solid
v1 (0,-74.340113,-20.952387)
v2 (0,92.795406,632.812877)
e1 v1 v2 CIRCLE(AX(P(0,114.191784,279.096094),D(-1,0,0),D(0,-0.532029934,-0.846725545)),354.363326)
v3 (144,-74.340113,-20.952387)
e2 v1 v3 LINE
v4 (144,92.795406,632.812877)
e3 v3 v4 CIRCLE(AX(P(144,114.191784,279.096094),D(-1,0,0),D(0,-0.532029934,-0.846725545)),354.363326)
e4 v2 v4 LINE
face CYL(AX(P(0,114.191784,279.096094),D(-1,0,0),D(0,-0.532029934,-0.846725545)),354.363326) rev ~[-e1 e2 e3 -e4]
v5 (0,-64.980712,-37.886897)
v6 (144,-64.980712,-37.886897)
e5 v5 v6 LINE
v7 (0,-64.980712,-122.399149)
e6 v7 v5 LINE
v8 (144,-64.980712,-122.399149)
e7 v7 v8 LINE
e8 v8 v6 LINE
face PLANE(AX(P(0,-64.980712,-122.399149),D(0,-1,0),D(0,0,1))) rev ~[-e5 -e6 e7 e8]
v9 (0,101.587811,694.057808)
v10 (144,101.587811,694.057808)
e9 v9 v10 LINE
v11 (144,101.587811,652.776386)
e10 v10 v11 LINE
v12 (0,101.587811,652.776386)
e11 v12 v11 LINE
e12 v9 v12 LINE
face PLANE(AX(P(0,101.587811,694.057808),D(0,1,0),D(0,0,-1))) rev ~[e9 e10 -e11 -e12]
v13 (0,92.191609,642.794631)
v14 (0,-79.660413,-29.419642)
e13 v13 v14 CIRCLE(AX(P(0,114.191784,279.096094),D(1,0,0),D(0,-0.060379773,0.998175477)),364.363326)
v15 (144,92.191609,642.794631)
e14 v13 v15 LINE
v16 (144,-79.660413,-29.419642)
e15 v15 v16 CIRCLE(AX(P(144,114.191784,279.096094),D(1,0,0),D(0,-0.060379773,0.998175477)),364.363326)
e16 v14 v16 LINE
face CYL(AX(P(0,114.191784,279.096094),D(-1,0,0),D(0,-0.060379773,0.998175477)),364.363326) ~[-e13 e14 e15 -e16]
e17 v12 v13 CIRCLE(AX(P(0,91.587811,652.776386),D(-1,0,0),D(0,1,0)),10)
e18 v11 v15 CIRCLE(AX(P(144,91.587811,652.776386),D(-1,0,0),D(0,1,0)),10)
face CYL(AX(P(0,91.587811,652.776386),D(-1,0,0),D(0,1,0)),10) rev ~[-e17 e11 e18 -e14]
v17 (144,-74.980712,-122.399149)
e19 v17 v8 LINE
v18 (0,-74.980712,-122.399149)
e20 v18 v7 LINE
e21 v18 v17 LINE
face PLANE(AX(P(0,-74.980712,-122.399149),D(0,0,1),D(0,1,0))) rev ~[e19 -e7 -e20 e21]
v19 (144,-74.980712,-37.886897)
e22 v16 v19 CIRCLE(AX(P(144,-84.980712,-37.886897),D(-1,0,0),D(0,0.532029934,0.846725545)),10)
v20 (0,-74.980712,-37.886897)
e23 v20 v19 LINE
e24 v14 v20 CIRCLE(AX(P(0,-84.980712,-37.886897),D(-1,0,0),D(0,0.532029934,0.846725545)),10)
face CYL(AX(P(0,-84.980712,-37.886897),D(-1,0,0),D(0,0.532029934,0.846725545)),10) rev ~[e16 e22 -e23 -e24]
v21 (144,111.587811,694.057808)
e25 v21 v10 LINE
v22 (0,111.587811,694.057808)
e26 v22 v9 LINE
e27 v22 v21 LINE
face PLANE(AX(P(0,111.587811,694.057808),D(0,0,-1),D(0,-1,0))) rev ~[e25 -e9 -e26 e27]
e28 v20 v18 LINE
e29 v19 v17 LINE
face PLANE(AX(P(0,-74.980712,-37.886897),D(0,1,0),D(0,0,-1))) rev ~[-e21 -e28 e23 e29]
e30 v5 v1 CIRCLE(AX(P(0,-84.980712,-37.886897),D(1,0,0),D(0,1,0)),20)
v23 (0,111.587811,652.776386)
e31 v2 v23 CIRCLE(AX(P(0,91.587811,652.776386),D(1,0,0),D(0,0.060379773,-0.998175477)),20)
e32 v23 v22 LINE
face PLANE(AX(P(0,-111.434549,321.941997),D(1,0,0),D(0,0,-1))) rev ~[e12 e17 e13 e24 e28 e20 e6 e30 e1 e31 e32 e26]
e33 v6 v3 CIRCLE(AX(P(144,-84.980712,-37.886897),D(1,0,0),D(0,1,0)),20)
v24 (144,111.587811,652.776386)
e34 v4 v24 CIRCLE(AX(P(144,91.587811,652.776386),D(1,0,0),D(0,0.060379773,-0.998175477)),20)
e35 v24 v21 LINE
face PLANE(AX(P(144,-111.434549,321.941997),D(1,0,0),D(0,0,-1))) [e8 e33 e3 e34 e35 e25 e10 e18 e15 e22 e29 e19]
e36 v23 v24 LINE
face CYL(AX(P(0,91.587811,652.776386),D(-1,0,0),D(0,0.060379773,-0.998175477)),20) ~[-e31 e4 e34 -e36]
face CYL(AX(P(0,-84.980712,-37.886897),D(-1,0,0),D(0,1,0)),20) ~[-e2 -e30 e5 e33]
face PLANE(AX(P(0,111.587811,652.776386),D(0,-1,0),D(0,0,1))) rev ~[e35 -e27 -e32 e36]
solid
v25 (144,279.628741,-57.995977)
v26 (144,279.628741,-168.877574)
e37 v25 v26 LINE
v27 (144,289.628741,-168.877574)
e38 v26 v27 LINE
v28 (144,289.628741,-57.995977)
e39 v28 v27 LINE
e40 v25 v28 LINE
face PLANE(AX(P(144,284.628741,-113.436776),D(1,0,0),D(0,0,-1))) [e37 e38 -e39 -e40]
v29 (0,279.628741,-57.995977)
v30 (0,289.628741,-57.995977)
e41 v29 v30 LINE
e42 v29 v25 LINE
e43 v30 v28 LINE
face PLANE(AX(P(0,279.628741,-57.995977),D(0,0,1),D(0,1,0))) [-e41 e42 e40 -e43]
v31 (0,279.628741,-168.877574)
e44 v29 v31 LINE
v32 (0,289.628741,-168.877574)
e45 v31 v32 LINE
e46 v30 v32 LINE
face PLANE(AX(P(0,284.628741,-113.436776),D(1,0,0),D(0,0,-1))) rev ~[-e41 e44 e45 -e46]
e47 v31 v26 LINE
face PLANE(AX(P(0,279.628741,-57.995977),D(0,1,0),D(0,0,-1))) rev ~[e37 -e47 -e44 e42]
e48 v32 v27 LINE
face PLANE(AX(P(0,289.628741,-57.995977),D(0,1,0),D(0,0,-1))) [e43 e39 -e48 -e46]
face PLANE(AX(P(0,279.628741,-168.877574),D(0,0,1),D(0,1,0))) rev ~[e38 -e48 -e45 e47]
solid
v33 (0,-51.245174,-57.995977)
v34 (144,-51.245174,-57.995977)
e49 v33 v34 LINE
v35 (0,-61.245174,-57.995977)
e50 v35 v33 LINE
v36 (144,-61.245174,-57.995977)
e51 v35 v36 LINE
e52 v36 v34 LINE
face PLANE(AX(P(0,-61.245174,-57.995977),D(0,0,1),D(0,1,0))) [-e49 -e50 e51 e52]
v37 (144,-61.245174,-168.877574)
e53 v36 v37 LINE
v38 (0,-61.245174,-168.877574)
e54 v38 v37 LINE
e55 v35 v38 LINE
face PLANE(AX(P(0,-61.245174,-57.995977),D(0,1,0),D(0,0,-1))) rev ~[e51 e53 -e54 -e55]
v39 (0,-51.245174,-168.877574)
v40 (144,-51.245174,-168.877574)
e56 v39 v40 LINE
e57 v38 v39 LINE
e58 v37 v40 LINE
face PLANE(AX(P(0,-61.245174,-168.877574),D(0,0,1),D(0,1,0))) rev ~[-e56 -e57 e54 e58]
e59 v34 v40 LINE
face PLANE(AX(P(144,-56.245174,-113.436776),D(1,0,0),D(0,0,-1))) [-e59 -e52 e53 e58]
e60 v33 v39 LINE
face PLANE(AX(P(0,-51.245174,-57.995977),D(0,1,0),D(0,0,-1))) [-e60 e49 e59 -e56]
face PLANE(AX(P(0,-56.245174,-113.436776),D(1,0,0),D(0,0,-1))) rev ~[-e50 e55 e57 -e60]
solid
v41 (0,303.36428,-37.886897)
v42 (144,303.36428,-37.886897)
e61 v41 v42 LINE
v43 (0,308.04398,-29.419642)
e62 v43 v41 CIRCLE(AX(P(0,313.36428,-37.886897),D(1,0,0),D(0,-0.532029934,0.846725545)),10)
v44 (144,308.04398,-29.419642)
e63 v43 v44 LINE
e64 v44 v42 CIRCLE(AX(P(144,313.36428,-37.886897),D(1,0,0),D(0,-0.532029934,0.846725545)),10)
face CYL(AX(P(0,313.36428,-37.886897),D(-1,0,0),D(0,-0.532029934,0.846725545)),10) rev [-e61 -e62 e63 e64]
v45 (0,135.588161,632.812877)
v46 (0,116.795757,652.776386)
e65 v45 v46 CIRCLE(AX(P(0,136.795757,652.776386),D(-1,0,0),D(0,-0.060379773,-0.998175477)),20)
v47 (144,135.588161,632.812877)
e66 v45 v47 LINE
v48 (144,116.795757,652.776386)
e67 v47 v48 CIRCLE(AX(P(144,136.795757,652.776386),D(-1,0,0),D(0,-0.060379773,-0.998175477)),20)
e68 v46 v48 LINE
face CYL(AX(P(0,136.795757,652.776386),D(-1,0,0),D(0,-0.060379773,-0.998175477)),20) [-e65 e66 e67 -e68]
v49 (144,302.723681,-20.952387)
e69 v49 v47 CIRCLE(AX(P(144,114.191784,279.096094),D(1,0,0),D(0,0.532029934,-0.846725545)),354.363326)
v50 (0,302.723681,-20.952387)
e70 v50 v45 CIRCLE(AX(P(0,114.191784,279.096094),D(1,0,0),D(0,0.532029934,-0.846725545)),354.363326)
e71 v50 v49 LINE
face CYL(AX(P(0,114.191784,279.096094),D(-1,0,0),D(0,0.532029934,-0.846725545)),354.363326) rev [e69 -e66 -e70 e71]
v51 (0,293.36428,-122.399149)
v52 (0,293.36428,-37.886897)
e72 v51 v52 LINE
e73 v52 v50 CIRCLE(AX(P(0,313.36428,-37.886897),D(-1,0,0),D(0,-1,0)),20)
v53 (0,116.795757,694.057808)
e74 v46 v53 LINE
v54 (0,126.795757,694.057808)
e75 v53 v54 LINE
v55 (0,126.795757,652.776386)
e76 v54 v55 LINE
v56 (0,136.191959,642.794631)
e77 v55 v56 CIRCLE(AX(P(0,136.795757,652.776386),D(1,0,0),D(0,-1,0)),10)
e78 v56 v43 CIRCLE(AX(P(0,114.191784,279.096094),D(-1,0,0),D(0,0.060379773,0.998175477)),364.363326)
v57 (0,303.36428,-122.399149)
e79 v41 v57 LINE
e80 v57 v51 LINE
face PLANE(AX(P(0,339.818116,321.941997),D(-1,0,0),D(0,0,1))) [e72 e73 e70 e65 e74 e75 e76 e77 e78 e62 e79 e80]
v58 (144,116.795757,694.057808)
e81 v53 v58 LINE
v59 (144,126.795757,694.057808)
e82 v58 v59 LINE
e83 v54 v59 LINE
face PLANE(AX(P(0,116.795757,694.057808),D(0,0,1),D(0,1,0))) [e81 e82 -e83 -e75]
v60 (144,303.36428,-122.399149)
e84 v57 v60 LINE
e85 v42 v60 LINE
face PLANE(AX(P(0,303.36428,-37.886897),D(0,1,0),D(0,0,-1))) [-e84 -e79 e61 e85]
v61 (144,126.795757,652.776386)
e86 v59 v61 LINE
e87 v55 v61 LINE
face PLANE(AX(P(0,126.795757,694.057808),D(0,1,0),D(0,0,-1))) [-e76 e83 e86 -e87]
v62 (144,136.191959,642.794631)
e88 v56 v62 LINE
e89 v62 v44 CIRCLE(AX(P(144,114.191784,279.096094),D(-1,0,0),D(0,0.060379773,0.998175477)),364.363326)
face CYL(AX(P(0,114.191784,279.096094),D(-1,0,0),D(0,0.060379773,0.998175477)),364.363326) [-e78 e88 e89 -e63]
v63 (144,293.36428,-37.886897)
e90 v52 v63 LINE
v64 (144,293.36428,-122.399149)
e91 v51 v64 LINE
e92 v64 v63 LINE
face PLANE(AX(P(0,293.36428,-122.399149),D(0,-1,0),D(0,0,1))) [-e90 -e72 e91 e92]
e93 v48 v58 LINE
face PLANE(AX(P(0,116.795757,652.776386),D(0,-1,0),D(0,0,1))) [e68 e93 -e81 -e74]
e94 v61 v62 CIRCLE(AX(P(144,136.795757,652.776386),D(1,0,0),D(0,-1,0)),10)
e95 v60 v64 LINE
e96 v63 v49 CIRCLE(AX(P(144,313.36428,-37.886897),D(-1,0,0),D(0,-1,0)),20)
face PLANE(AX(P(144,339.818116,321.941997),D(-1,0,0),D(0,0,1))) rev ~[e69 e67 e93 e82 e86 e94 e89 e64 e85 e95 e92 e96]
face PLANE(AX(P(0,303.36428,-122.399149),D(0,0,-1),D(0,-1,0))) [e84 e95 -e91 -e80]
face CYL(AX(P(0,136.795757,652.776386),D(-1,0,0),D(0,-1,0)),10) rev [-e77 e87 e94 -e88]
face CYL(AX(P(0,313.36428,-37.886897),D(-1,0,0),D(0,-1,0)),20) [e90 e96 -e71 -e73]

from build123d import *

# Parameters (mm, degrees)
BOSS_EXTRUDE1_DEPTH   = 144
BOSS_EXTRUDE1_2_DEPTH = 144
SKETCH1_W             = 110.88159645
SKETCH1_H             = 10
BOSS_EXTRUDE1_3_DEPTH = 144
BOSS_EXTRUDE1_4_DEPTH = 144


with BuildPart() as part:
    # Sketch1 → Boss-Extrude1 (new body)
    with BuildSketch(Plane(origin=(0, 0, 0), x_dir=(0, 0, -1), z_dir=(1, 0, 0))):
        with BuildLine():
            Line((122.399148509, -74.980712069), (122.399148509, -64.980712069))
            Line((122.399148509, -64.980712069), (37.886897495, -64.980712069))
            ThreePointArc((37.886897495, -64.980712069), (28.212497607, -67.47625587), (20.952386586, -74.340113388))
            ThreePointArc((20.952386586, -74.340113388), (-366.866488635, -229.129821907), (-632.812876508, 92.795406397))
            ThreePointArc((-632.812876508, 92.795406397), (-639.06784691, 106.150638768), (-652.776386049, 111.587810928))
            Line((-652.776386049, 111.587810928), (-694.05780786, 111.587810928))
            Line((-694.05780786, 111.587810928), (-694.05780786, 101.587810928))
            Line((-694.05780786, 101.587810928), (-652.776386049, 101.587810928))
            ThreePointArc((-652.776386049, 101.587810928), (-645.92211648, 98.869224848), (-642.794631279, 92.191608663))
            ThreePointArc((-642.794631279, 92.191608663), (-369.343336207, -238.818228696), (29.41964204, -79.660412728))
            ThreePointArc((29.41964204, -79.660412728), (33.049697551, -76.228483969), (37.886897495, -74.980712069))
            Line((37.886897495, -74.980712069), (122.399148509, -74.980712069))
        make_face()
    extrude(amount=BOSS_EXTRUDE1_DEPTH)


with BuildPart() as body_2:
    # Sketch1 → Boss-Extrude1 2 (new body)
    with BuildSketch(Plane(origin=(0, 0, 0), x_dir=(0, 0, -1), z_dir=(1, 0, 0))):
        with BuildLine():
            Line((-652.776386049, 116.795756587), (-694.05780786, 116.795756587))
            Line((-694.05780786, 116.795756587), (-694.05780786, 126.795756587))
            Line((-694.05780786, 126.795756587), (-652.776386049, 126.795756587))
            ThreePointArc((-652.776386049, 126.795756587), (-645.92211648, 129.514342667), (-642.794631279, 136.191958853))
            ThreePointArc((-642.794631279, 136.191958853), (-369.343336207, 467.201796212), (29.41964204, 308.043980244))
            ThreePointArc((29.41964204, 308.043980244), (33.049697551, 304.612051485), (37.886897495, 303.364279585))
            Line((37.886897495, 303.364279585), (122.399148509, 303.364279585))
            Line((122.399148509, 303.364279585), (122.399148509, 293.364279585))
            Line((122.399148509, 293.364279585), (37.886897495, 293.364279585))
            ThreePointArc((37.886897495, 293.364279585), (28.212497607, 295.859823386), (20.952386586, 302.723680904))
            ThreePointArc((20.952386586, 302.723680904), (-366.866488635, 457.513389423), (-632.812876508, 135.588161118))
            ThreePointArc((-632.812876508, 135.588161118), (-639.06784691, 122.232928748), (-652.776386049, 116.795756587))
        make_face()
    extrude(amount=BOSS_EXTRUDE1_2_DEPTH)


with BuildPart() as body_3:
    # Sketch1 → Boss-Extrude1 3 (new body)
    with BuildSketch(Plane(origin=(0, 0, 0), x_dir=(0, 0, -1), z_dir=(1, 0, 0))):
        with Locations((113.436775578, -56.245173975)):
            Rectangle(SKETCH1_W, SKETCH1_H)
    extrude(amount=BOSS_EXTRUDE1_3_DEPTH)


with BuildPart() as body_4:
    # Sketch1 → Boss-Extrude1 4 (new body)
    with BuildSketch(Plane(origin=(0, 0, 0), x_dir=(0, 0, -1), z_dir=(1, 0, 0))):
        with Locations((113.436775578, 284.62874149)):
            Rectangle(SKETCH1_W, SKETCH1_H)
    extrude(amount=BOSS_EXTRUDE1_4_DEPTH)


solid = Compound([part.part, body_2.part, body_3.part, body_4.part])
